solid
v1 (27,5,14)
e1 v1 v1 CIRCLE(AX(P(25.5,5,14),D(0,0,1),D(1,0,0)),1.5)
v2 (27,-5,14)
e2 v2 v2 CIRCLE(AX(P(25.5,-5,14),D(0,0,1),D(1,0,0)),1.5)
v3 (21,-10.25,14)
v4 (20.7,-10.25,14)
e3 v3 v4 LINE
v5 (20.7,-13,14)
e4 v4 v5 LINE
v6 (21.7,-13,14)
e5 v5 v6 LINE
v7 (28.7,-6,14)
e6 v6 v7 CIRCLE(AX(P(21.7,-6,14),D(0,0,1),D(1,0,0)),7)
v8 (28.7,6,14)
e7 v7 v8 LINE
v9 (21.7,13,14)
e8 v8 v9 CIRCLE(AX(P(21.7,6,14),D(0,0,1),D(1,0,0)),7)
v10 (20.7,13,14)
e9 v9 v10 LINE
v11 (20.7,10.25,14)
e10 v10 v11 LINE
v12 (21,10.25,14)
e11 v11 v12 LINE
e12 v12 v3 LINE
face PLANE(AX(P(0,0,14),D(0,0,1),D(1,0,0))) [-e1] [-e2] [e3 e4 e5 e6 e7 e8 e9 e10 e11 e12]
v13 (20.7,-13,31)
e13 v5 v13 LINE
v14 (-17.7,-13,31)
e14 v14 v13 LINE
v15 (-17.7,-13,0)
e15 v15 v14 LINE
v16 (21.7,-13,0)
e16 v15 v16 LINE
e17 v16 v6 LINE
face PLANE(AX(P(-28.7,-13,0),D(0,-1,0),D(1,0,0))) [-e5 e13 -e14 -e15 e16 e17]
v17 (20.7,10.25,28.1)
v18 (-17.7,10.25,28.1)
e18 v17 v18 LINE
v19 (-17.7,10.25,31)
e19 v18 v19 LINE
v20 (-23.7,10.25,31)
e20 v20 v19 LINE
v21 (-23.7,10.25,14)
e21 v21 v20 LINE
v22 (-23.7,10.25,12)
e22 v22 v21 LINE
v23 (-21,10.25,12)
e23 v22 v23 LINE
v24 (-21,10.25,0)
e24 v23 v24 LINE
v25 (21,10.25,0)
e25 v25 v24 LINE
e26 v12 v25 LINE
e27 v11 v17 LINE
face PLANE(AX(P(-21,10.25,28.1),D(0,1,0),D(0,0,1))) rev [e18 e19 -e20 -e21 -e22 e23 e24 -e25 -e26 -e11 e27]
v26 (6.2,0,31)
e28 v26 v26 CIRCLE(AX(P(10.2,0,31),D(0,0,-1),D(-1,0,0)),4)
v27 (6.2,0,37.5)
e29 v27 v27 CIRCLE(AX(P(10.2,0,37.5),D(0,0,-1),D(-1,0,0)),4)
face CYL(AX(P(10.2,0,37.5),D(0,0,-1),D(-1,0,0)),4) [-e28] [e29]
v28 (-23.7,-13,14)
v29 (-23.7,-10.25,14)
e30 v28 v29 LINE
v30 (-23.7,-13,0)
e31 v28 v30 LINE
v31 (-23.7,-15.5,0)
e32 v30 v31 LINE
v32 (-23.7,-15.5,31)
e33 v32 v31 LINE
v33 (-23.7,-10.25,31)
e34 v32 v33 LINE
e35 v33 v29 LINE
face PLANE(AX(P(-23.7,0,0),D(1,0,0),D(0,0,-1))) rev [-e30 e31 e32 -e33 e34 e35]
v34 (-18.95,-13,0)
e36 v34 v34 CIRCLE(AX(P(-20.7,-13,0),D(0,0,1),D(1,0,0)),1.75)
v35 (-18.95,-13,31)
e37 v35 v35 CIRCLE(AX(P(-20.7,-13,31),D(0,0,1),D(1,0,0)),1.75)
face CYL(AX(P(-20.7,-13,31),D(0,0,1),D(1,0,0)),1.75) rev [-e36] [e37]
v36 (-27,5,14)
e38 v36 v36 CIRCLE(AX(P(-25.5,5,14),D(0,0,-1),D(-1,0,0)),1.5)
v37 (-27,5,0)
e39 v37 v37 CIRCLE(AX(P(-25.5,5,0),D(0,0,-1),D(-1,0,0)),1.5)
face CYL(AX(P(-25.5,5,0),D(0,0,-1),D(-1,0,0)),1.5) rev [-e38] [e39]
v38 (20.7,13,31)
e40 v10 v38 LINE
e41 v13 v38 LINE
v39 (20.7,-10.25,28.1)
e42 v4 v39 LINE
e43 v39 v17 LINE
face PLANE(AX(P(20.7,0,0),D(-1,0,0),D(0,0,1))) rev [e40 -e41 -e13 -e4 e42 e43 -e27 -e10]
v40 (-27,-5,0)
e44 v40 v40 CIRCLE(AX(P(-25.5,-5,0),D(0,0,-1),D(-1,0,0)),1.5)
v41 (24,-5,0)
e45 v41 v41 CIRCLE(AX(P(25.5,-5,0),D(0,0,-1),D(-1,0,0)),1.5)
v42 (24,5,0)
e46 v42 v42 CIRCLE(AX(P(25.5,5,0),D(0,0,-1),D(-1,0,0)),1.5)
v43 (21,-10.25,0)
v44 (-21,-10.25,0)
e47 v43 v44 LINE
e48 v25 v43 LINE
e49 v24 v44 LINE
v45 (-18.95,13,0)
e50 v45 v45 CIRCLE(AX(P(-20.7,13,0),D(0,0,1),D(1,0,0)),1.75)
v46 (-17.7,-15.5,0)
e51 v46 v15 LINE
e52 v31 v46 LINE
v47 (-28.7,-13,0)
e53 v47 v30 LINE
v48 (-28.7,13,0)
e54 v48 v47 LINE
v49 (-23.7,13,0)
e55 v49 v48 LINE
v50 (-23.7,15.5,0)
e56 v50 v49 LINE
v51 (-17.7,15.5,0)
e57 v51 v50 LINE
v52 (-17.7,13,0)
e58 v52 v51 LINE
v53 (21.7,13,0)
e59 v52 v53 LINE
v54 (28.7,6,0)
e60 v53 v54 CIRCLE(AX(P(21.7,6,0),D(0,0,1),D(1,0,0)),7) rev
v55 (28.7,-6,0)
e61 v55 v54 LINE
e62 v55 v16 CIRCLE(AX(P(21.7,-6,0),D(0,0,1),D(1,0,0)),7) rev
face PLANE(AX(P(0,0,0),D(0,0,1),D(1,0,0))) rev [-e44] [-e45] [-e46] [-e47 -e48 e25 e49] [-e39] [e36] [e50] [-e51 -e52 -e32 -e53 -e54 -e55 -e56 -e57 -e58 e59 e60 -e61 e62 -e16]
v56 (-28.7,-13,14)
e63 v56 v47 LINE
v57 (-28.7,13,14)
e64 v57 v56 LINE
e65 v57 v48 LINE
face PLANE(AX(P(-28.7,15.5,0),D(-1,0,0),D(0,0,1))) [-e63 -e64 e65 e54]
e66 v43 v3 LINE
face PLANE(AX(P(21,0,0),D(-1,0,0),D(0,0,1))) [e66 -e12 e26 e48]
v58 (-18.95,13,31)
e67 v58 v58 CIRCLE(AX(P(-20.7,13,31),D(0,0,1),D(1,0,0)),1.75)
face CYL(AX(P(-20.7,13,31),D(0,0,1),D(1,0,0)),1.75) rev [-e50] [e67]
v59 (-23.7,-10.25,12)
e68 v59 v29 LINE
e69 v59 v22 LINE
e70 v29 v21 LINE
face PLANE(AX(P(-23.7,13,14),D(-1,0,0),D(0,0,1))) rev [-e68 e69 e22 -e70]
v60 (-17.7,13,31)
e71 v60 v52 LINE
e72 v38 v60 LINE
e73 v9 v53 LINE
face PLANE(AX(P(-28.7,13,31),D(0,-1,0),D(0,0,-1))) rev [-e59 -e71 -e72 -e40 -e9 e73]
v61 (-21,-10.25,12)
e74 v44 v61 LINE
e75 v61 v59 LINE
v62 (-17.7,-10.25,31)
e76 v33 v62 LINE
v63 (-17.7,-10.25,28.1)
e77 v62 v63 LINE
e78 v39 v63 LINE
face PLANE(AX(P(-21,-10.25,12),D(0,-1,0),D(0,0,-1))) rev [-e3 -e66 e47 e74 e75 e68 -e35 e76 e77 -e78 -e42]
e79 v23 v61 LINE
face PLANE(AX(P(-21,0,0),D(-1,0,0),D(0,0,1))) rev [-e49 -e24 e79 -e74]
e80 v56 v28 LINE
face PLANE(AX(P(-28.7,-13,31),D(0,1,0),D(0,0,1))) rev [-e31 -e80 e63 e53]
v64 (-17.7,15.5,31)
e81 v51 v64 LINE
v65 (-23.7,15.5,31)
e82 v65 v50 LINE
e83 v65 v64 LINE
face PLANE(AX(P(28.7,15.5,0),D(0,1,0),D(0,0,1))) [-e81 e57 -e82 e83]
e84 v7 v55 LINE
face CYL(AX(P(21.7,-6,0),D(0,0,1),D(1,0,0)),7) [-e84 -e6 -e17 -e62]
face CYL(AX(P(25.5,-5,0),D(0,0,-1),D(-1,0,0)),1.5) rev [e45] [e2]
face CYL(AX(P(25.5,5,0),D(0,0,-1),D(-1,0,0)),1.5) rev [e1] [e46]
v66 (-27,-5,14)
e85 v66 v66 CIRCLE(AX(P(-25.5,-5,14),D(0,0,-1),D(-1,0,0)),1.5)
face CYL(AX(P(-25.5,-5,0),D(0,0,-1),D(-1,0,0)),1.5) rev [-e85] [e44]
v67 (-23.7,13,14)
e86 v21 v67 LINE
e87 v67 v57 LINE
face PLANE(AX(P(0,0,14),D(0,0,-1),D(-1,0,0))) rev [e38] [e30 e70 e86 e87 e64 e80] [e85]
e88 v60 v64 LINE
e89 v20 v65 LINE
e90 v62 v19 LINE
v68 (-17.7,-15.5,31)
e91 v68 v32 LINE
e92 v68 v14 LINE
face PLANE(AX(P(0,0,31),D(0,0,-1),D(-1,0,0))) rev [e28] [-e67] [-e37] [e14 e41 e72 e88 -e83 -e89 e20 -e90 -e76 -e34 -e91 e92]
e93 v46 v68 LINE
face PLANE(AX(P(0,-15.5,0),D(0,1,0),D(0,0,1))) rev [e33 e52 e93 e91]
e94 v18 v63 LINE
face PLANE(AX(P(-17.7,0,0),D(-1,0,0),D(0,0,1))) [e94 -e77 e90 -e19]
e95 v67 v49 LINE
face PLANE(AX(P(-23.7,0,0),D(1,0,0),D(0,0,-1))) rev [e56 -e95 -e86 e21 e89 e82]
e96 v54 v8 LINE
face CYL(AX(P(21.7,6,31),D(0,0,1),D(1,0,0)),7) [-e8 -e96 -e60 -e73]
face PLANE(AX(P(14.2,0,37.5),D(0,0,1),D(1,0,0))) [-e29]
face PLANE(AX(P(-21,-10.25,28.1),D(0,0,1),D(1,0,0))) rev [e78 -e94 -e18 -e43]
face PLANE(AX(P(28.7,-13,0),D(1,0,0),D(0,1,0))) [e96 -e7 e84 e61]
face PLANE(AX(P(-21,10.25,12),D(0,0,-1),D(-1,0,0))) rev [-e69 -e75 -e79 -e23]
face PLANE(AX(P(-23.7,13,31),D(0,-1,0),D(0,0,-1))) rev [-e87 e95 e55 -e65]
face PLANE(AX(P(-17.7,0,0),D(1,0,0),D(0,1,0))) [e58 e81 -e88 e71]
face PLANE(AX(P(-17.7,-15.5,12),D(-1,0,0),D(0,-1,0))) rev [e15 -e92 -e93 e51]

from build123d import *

# Parameters (mm, degrees)
SKETCH_1_W                  = 57.4
SKETCH_1_H                  = 28.5
EXTRUDE_1_DEPTH             = 12
SKETCH_2_W                  = 57.4
SKETCH_2_H                  = 26
EXTRUDE_2_DEPTH             = 19
SKETCH_3_W                  = 16.1
SKETCH_3_H                  = 20.5
CUT_EXTRUDE_1_DEPTH         = 7.7
SKETCH_4_W                  = 28.1
SKETCH_4_H                  = 20.5
CUT_EXTRUDE_2_DEPTH         = 41.7
SKETCH_5_W                  = 31
SKETCH_5_H                  = 20.5
CUT_EXTRUDE_3_DEPTH         = 0.3
CUT_EXTRUDE_4_DEPTH         = 2.9
SKETCH_7_W                  = 12
SKETCH_7_H                  = 2.5
CUT_EXTRUDE_5_DEPTH         = 46.4
CUT_EXTRUDE_6_DEPTH         = 7.7
CUT_EXTRUDE_7_DEPTH         = 14.1
CUT_EXTRUDE_8_DEPTH         = 3.3
SKETCH_11_W                 = 11
SKETCH_11_H                 = 12
EXTRUDE_3_DEPTH             = 2.5
SKETCH_12_W                 = 12
SKETCH_12_H                 = 2.75
EXTRUDE_4_DEPTH             = 6
SKETCH_13_W                 = 6
SKETCH_13_H                 = 12
EXTRUDE_5_DEPTH             = 2.5
SKETCH_14_W                 = 12
SKETCH_14_H                 = 5.25
EXTRUDE_6_DEPTH             = 6
SKETCH_15_W                 = 5
SKETCH_15_H                 = 2.5
CUT_EXTRUDE_9_DEPTH         = 45.999333328
SKETCH_16_W                 = 5
SKETCH_16_H                 = 2.5
CUT_EXTRUDE_10_DEPTH        = 45.999333328
SKETCH_17_W                 = 5
SKETCH_17_H                 = 26
EXTRUDE_7_DEPTH             = 2
SKETCH_19_W                 = 4
SKETCH_19_H                 = 6.5
HOLE_WIZARD_3_5_3_5_1_D     = 3.5
HOLE_WIZARD_3_5_3_5_1_DEPTH = 12
HOLE_WIZARD_3_0_3_3_D       = 3
HOLE_WIZARD_3_0_3_3_DEPTH   = 37.5
HOLE_WIZARD_3_5_3_5_3_D     = 3.5
FILLET_1_R                  = 7
EXTRUDE_START               = -19
SKETCH_28_W                 = 6
SKETCH_28_H                 = 5.25
SKETCH_28_R                 = 1.75
EXTRUDE_8_DEPTH             = 7


with BuildPart() as part:
    # Эскиз1 → Бобышка-Вытянуть1 (new body)
    with BuildSketch(Plane.XY.offset(12)):
        with Locations((0, 1.25)):
            Rectangle(SKETCH_1_W, SKETCH_1_H)
    extrude(amount=-EXTRUDE_1_DEPTH)

    # Эскиз2 → Бобышка-Вытянуть2 (add)
    with BuildSketch(Plane.XY.offset(12)):
        Rectangle(SKETCH_2_W, SKETCH_2_H)
    extrude(amount=EXTRUDE_2_DEPTH)

    # Эскиз3 → Вырез-Вытянуть1 (cut)
    with BuildSketch(Plane.ZY.offset(28.7)):
        with Locations((20.05, 0)):
            Rectangle(SKETCH_3_W, SKETCH_3_H)
    extrude(amount=-CUT_EXTRUDE_1_DEPTH, mode=Mode.SUBTRACT)

    # Эскиз4 → Вырез-Вытянуть2 (cut)
    with BuildSketch(Plane.ZY.offset(21)):
        with Locations((14.05, 0)):
            Rectangle(SKETCH_4_W, SKETCH_4_H)
    extrude(amount=-CUT_EXTRUDE_2_DEPTH, mode=Mode.SUBTRACT)

    # Эскиз5 → Вырез-Вытянуть3 (cut)
    with BuildSketch(Plane.ZY.offset(-20.7)):
        with Locations((15.5, 0)):
            Rectangle(SKETCH_5_W, SKETCH_5_H)
    extrude(amount=-CUT_EXTRUDE_3_DEPTH, mode=Mode.SUBTRACT)

    # Эскиз6 → Вырез-Вытянуть4 (cut)
    with BuildSketch(Plane.XY.offset(31)):
        Polygon((28.7, -13), (28.7, 13), (20.7, 13), (20.7, 10.25), (21, 10.25), (21, -10.25), (20.7, -10.25), (20.7, -13), align=None)
    extrude(amount=-CUT_EXTRUDE_4_DEPTH, mode=Mode.SUBTRACT)

    # Эскиз7 → Вырез-Вытянуть5 (cut)
    with BuildSketch(Plane(origin=(28.7, 0, 0), x_dir=(0, 0, -1), z_dir=(1, 0, 0))):
        with Locations((-6, 14.25)):
            Rectangle(SKETCH_7_W, SKETCH_7_H)
    extrude(amount=-CUT_EXTRUDE_5_DEPTH, mode=Mode.SUBTRACT)

    # Эскиз8 → Вырез-Вытянуть6 (cut)
    with BuildSketch(Plane.ZY.offset(28.7)):
        Polygon((12, -13), (31, -13), (31, 13), (12, 13), (12, 10.25), (28.1, 10.25), (28.1, -10.25), (12, -10.25), align=None)
    extrude(amount=-CUT_EXTRUDE_6_DEPTH, mode=Mode.SUBTRACT)

    # Эскиз9 → Вырез-Вытянуть7 (cut)
    with BuildSketch(Plane.XY.offset(28.1)):
        Polygon((28.7, -13), (28.7, 13), (20.7, 13), (20.7, 10.25), (21, 10.25), (21, -10.25), (20.7, -10.25), (20.7, -13), align=None)
    extrude(amount=-CUT_EXTRUDE_7_DEPTH, mode=Mode.SUBTRACT)

    # Эскиз10 → Вырез-Вытянуть8 (cut)
    with BuildSketch(Plane.ZY.offset(21)):
        Polygon((12, -13), (31, -13), (31, 13), (12, 13), (12, 10.25), (28.1, 10.25), (28.1, -10.25), (12, -10.25), align=None)
    extrude(amount=-CUT_EXTRUDE_8_DEPTH, mode=Mode.SUBTRACT)

    # Эскиз11 → Бобышка-Вытянуть3 (add)
    with BuildSketch(Plane.XZ.offset(13)):
        with Locations((-23.2, 6)):
            Rectangle(SKETCH_11_W, SKETCH_11_H)
    extrude(amount=EXTRUDE_3_DEPTH)

    # Эскиз12 → Бобышка-Вытянуть4 (add)
    with BuildSketch(Plane.ZY.offset(17.7)):
        with Locations((25, -11.625)):
            Rectangle(SKETCH_12_W, SKETCH_12_H)
    extrude(amount=EXTRUDE_4_DEPTH)

    # Эскиз13 → Бобышка-Вытянуть5 (add)
    with BuildSketch(Plane.XZ.offset(13)):
        with Locations((-20.7, 25)):
            Rectangle(SKETCH_13_W, SKETCH_13_H)
    extrude(amount=EXTRUDE_5_DEPTH)

    # Эскиз14 → Бобышка-Вытянуть6 (add)
    with BuildSketch(Plane.ZY.offset(17.7)):
        with Locations((25, 12.875)):
            Rectangle(SKETCH_14_W, SKETCH_14_H)
    extrude(amount=EXTRUDE_6_DEPTH)

    # Эскиз15 → Вырез-Вытянуть9 (cut, through all)
    with BuildSketch(Plane(origin=(0, 0, 0), x_dir=(-1, 0, 0), z_dir=(0, 0, -1))):
        with Locations((26.2, -14.25)):
            Rectangle(SKETCH_15_W, SKETCH_15_H)
    extrude(amount=-CUT_EXTRUDE_9_DEPTH, mode=Mode.SUBTRACT)

    # Эскиз16 → Вырез-Вытянуть10 (cut, through all)
    with BuildSketch(Plane(origin=(0, 0, 0), x_dir=(-1, 0, 0), z_dir=(0, 0, -1))):
        with Locations((26.2, 14.25)):
            Rectangle(SKETCH_16_W, SKETCH_16_H)
    extrude(amount=-CUT_EXTRUDE_10_DEPTH, mode=Mode.SUBTRACT)

    # Эскиз17 → Бобышка-Вытянуть7 (add)
    with BuildSketch(Plane.XY.offset(12)):
        with Locations((-26.2, 0)):
            Rectangle(SKETCH_17_W, SKETCH_17_H)
    extrude(amount=EXTRUDE_7_DEPTH)

    # Эскиз19 → Повернуть1 (revolve)
    with BuildSketch(Plane.XZ, mode=Mode.PRIVATE) as revolve_1_sk:
        with Locations((12.2, 34.25)):
            Rectangle(SKETCH_19_W, SKETCH_19_H)
    revolve(revolve_1_sk.sketch.rotate(Axis((10.2, 0, 37.5), (0, 0, -1)), 180), axis=Axis((10.2, 0, 37.5), (0, 0, -1)))

    # Диаметр отверстия Ø3.5 (3.5)1
    with Locations(Plane.XY.offset(31)):
        with Locations((-20.7, 13), (-20.7, -13)):
            Hole(HOLE_WIZARD_3_5_3_5_1_D / 2, depth=HOLE_WIZARD_3_5_3_5_1_DEPTH)

    # Диаметр отверстия Ø3.0 (3)3
    with Locations(Plane(origin=(0, 0, 0), x_dir=(-1, 0, 0), z_dir=(0, 0, -1))):
        with Locations((-25.5, -5), (-25.5, 5), (25.5, -5), (25.5, 5)):
            Hole(HOLE_WIZARD_3_0_3_3_D / 2, depth=HOLE_WIZARD_3_0_3_3_DEPTH)

    # Диаметр отверстия Ø3.5 (3.5)3 (through all)
    with Locations(Plane.XY.offset(12)):
        with Locations((-20.7, 13), (-20.7, -13)):
            Hole(HOLE_WIZARD_3_5_3_5_3_D / 2)

    # Скругление1
    fillet_1_edges = [part.edges().sort_by_distance(p)[0] for p in [
        (28.7, 13, 7),
        (28.7, -13, 7),
    ]]
    fillet(fillet_1_edges, radius=FILLET_1_R)

    # Эскиз28 → Бобышка-Вытянуть8 (add)
    # profile 1 of 2: a face of its own
    with BuildSketch(Plane.XY.offset(31).offset(EXTRUDE_START)):
        with Locations((-20.7, 12.875)):
            Rectangle(SKETCH_28_W, SKETCH_28_H)
        with Locations((-20.7, 13)):
            Circle(SKETCH_28_R, mode=Mode.SUBTRACT)
    # profile 2 of 2: a face of its own
    with BuildSketch(Plane.XY.offset(31).offset(EXTRUDE_START)):
        with Locations((-20.7, -12.875)):
            Rectangle(SKETCH_28_W, SKETCH_28_H)
        with Locations((-20.7, -13)):
            Circle(SKETCH_28_R, mode=Mode.SUBTRACT)
    extrude(amount=EXTRUDE_8_DEPTH)


solid = part.part
